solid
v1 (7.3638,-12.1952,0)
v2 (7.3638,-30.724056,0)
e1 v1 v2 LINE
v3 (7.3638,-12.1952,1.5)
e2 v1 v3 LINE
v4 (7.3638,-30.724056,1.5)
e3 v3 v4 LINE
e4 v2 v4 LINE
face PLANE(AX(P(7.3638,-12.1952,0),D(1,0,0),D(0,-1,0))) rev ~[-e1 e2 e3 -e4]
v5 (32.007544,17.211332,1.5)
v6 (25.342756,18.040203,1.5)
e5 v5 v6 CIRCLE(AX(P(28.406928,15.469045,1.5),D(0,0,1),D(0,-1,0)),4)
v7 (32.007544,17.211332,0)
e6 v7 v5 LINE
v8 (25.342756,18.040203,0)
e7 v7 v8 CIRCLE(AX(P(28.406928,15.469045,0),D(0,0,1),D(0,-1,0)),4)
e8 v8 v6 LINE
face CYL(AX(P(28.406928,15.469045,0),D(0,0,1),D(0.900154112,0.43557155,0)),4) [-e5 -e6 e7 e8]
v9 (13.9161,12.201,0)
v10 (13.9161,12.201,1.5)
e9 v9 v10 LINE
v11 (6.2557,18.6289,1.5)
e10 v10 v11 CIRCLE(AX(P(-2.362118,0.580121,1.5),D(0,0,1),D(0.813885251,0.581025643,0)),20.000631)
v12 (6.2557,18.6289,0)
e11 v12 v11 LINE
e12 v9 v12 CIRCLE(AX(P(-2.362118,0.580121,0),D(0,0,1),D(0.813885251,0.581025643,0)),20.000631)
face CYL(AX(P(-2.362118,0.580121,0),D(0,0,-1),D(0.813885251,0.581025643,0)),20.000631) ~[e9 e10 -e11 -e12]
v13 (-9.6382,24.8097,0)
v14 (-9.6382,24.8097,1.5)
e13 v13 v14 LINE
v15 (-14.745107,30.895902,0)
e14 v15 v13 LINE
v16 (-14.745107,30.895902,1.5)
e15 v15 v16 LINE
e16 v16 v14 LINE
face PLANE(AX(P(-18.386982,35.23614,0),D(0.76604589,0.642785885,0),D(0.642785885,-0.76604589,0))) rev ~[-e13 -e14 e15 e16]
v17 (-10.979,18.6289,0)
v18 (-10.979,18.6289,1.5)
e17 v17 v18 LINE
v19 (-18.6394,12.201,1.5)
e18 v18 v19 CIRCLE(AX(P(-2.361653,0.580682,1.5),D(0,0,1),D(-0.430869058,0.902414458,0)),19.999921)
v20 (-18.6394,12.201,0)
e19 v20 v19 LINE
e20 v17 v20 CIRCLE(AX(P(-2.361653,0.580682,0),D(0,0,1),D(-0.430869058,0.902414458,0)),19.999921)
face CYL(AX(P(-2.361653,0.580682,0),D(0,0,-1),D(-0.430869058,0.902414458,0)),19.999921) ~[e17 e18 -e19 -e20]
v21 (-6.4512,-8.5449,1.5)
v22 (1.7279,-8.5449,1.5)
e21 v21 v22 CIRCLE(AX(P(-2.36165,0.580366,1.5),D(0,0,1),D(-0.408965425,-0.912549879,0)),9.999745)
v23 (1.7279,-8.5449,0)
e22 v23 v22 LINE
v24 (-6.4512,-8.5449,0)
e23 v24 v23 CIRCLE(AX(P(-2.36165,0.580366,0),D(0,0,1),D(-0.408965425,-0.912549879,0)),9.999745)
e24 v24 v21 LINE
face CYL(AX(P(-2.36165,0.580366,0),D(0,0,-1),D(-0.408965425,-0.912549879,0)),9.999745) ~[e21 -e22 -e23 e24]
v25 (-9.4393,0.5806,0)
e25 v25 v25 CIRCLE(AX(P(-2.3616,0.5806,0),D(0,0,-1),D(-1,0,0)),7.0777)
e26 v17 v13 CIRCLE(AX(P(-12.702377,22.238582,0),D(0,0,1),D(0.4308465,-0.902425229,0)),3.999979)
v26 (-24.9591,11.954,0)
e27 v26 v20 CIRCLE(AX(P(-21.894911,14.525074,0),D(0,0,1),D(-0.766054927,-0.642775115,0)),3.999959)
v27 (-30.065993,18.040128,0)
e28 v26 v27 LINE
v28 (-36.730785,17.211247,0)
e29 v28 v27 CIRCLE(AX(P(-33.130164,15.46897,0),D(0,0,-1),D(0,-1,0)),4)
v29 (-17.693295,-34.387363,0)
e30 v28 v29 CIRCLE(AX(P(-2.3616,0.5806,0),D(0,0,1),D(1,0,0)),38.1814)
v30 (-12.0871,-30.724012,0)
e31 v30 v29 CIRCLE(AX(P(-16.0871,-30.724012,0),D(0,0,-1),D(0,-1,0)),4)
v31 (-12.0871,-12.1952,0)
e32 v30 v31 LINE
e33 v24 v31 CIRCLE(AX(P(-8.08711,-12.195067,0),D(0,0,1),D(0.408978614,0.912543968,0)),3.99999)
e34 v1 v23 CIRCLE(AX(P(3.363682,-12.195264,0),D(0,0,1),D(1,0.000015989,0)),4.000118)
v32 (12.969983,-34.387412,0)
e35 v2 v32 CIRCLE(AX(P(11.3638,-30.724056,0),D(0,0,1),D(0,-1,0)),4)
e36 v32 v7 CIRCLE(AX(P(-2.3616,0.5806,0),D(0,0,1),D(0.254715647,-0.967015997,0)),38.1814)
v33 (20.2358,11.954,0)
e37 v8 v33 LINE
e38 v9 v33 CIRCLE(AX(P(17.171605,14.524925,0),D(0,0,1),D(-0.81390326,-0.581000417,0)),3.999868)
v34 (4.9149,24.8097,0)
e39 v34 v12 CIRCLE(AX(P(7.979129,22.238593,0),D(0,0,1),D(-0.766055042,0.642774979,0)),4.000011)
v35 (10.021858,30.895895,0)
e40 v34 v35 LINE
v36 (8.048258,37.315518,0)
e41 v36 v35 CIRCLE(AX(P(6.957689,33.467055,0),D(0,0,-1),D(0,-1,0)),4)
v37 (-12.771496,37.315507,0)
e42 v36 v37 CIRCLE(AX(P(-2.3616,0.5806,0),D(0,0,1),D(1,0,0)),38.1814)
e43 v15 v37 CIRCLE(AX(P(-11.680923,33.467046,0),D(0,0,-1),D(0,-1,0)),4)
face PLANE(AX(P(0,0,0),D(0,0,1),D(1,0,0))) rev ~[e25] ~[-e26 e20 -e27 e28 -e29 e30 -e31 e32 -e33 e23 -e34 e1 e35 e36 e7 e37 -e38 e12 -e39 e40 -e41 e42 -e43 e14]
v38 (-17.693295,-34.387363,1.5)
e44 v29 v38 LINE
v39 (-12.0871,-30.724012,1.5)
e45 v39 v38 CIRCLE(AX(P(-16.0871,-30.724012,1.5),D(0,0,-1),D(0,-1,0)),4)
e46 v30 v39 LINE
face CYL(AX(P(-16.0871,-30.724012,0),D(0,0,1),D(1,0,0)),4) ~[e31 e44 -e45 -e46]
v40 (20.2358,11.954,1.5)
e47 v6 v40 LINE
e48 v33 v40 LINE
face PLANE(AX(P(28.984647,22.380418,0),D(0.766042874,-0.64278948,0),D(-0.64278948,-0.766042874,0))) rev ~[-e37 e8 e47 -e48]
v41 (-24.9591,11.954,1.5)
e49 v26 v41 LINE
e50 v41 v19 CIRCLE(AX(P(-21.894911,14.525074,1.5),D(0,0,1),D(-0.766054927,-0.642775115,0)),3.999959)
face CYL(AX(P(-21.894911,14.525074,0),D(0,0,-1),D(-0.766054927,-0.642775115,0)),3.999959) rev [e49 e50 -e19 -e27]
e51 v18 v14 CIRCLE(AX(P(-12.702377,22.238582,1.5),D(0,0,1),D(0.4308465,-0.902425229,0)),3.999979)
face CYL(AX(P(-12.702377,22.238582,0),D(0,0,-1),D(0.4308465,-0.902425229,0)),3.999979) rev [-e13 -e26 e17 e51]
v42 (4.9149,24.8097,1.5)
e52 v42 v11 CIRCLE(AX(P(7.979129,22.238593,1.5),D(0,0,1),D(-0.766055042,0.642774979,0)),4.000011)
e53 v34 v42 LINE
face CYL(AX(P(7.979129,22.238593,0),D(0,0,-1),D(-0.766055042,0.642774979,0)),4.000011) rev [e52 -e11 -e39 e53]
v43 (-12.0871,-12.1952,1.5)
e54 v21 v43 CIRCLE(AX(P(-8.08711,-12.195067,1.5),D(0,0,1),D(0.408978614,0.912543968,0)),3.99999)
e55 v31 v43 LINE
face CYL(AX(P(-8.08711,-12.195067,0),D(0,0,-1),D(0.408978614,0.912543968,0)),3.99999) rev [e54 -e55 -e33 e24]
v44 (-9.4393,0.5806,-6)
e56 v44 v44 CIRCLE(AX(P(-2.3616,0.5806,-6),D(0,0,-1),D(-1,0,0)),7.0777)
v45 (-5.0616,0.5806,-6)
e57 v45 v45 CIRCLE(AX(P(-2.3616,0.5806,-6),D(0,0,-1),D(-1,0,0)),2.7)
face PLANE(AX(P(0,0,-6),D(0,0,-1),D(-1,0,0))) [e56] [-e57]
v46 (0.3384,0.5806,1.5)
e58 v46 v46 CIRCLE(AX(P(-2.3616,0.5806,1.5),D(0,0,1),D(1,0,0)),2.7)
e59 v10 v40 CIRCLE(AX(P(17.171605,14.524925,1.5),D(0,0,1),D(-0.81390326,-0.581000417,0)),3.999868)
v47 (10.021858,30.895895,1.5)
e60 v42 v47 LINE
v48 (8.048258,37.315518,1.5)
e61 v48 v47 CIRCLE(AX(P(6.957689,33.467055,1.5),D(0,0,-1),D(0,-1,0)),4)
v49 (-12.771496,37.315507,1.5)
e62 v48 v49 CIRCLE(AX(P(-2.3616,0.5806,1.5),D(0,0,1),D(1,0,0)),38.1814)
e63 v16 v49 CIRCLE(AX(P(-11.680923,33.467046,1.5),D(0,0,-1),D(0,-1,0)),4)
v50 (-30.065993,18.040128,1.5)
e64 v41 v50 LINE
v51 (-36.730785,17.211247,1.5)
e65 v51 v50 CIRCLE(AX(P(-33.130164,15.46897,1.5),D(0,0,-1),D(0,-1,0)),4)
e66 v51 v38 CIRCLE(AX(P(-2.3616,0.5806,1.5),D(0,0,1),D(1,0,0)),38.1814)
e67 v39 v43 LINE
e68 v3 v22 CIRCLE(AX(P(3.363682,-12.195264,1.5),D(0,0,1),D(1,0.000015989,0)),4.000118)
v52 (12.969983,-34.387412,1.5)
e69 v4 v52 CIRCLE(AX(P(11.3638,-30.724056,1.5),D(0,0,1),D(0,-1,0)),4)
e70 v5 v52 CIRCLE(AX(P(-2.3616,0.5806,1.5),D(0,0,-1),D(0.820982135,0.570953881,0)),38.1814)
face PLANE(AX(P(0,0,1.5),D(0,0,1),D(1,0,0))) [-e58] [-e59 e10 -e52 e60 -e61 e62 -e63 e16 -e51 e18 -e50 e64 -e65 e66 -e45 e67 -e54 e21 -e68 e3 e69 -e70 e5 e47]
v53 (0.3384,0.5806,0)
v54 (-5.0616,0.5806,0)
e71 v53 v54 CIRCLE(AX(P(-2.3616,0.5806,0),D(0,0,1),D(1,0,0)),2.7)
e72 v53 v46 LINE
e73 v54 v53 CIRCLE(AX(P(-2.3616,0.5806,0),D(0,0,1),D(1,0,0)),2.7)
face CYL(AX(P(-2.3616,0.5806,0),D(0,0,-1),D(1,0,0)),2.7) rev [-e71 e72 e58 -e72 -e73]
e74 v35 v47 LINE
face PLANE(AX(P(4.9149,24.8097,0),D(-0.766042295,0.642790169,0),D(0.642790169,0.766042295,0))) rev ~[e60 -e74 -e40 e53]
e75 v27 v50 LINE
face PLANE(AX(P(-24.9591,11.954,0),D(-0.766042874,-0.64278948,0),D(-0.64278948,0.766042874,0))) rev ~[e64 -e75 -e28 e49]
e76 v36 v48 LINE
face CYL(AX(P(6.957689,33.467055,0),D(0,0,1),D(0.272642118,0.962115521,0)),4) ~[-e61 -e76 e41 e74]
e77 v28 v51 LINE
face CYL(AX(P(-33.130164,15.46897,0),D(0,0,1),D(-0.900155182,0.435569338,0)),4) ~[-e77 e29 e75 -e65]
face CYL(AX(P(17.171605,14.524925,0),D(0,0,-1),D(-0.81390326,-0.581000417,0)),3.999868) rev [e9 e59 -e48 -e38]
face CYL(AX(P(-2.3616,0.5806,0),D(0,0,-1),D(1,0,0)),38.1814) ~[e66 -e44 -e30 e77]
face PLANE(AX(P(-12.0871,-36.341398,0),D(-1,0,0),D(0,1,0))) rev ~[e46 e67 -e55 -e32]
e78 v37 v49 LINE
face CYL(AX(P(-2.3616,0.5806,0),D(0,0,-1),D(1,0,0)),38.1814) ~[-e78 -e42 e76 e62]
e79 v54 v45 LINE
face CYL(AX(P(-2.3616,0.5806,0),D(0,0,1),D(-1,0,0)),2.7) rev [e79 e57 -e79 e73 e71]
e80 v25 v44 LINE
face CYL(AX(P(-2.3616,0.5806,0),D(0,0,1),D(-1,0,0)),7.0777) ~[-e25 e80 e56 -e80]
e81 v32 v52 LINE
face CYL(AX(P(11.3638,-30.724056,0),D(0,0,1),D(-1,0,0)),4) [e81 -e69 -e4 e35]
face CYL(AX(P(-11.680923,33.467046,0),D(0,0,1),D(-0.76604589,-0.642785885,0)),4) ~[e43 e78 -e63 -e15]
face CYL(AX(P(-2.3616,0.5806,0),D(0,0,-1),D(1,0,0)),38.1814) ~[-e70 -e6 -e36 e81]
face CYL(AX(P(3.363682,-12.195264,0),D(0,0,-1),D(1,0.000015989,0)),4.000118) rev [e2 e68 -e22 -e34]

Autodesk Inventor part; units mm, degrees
ref_plane "YZ Plane" through (0, 0, 0) normal (1, 0, 0) x (0, 1, 0)
ref_plane "XZ Plane" through (0, 0, 0) normal (0, 1, 0) x (-1, 0, 0)
ref_plane "XY Plane" through (0, 0, 0) normal (0, 0, 1) x (1, 0, 0)
sketch "Sketch1" plane through (0, 0, 0) normal (0, 0, 1) x (1, 0, 0)
  arc A0 (7.3638, -36.4581) -> (12.7537, -40.2088) centre (11.3638, -36.4581) ccw
  arc A1 (12.7537, -40.2088) -> (35.5951, 21.83) centre (-2.3616, 0.5806) ccw
  arc A2 (35.5951, 21.83) -> (29.0406, 22.4471) centre (32.1048, 19.876) ccw
  line L0 (29.0406, 22.4471) -> (20.2358, 11.954)
  arc A3 (13.9161, 12.201) -> (20.2358, 11.954) centre (17.1717, 14.5251) ccw
  arc A4 (13.9161, 12.201) -> (6.2557, 18.6289) centre (-2.3616, 0.5806) ccw
  arc A5 (4.9149, 24.8097) -> (6.2557, 18.6289) centre (7.9791, 22.2386) ccw
  line L1 (4.9149, 24.8097) -> (13.7198, 35.3029)
  arc A6 (13.7198, 35.3029) -> (11.9738, 41.6506) centre (10.6556, 37.874) ccw
  arc A7 (11.9738, 41.6506) -> (-16.6971, 41.6506) centre (-2.3616, 0.5806) ccw
  arc A8 (-16.6971, 41.6506) -> (-18.443, 35.3029) centre (-15.3789, 37.874) ccw
  line L2 (-18.443, 35.3029) -> (-9.6382, 24.8097)
  arc A9 (-10.979, 18.6289) -> (-9.6382, 24.8097) centre (-12.7024, 22.2386) ccw
  arc A10 (-10.979, 18.6289) -> (-18.6394, 12.201) centre (-2.3616, 0.5806) ccw
  arc A11 (-24.9591, 11.954) -> (-18.6394, 12.201) centre (-21.8949, 14.5251) ccw
  line L3 (-24.9591, 11.954) -> (-33.7639, 22.4471)
  arc A12 (-33.7639, 22.4471) -> (-40.3184, 21.83) centre (-36.8281, 19.876) ccw
  arc A13 (-40.3184, 21.83) -> (-17.477, -40.2088) centre (-2.3616, 0.5806) ccw
  arc A14 (-17.477, -40.2088) -> (-12.0871, -36.4581) centre (-16.0871, -36.4581) ccw
  line L4 (-12.0871, -36.4581) -> (-12.0871, -12.1952)
  arc A15 (-6.4512, -8.5449) -> (-12.0871, -12.1952) centre (-8.0871, -12.1952) ccw
  arc A16 (-6.4512, -8.5449) -> (1.7279, -8.5449) centre (-2.3616, 0.5806) ccw
  arc A17 (7.3638, -12.1952) -> (1.7279, -8.5449) centre (3.3638, -12.1952) ccw
  line L5 (7.3638, -12.1952) -> (7.3638, -36.4581)
  circle A18 centre (-2.3616, 0.5806) radius 2.7
  circle A19 centre (29.9741, 13.9745) radius 2.6
  circle A20 centre (32.6384, 0.5806) radius 2.6
  circle A21 centre (29.9741, -12.8133) radius 2.6
  circle A22 centre (22.3871, -24.1682) radius 2.6
  circle A23 centre (11.0323, -31.7552) radius 2.6
  circle A24 centre (-34.6974, 13.9745) radius 2.6
  circle A25 centre (-37.3616, 0.5806) radius 2.6
  circle A26 centre (-34.6974, -12.8133) radius 2.6
  circle A27 centre (-27.1104, -24.1682) radius 2.6
  circle A28 centre (-15.7556, -31.7552) radius 2.6
  circle A29 centre (-2.3616, 35.5806) radius 2.6
  circle A30 centre (-2.3616, 0.5806) radius 38.1814
  point P0 (0, 0)
  point P1 (7.3638, -36.3414)
  point P2 (28.9846, 22.3804)
  point P3 (13.6637, 35.2361)
  point P4 (-18.387, 35.2361)
  point P5 (-33.7079, 22.3804)
  point P6 (-12.0871, -36.3414)
extrude "Extrusion1" add sketch "Sketch1" along normal blind 1.5 contours L5 A17 A16 A15 L4 A30 L3 A11 A10 A9 L2 L1 A5 A4 A3 L0 | A19 | A20 | A21 | A22 | A23 | A24 | A25 | A26 | A27 | A28 | A29
fillet "Fillet1" radius 4 6 edges at (13.6637, 35.2361, 0.75) (28.9846, 22.3804, 0.75) (7.3638, -36.3414, 0.75) (-12.0871, -36.3414, 0.75) (-18.387, 35.2361, 0.75) (-33.7079, 22.3804, 0.75)
sketch "Sketch2" plane through (0, 0, 0) normal (0, 0, -1) x (-1, 0, 0)
  circle A0 centre (2.3616, 0.5806) radius 2.7 projected
  circle A1 centre (2.3616, 0.5806) radius 7.0777
  point P0 (0, 0)
extrude "Extrusion2" add sketch "Sketch2" along normal blind 6
properties part number "LED Diffuser_3DPrint"
